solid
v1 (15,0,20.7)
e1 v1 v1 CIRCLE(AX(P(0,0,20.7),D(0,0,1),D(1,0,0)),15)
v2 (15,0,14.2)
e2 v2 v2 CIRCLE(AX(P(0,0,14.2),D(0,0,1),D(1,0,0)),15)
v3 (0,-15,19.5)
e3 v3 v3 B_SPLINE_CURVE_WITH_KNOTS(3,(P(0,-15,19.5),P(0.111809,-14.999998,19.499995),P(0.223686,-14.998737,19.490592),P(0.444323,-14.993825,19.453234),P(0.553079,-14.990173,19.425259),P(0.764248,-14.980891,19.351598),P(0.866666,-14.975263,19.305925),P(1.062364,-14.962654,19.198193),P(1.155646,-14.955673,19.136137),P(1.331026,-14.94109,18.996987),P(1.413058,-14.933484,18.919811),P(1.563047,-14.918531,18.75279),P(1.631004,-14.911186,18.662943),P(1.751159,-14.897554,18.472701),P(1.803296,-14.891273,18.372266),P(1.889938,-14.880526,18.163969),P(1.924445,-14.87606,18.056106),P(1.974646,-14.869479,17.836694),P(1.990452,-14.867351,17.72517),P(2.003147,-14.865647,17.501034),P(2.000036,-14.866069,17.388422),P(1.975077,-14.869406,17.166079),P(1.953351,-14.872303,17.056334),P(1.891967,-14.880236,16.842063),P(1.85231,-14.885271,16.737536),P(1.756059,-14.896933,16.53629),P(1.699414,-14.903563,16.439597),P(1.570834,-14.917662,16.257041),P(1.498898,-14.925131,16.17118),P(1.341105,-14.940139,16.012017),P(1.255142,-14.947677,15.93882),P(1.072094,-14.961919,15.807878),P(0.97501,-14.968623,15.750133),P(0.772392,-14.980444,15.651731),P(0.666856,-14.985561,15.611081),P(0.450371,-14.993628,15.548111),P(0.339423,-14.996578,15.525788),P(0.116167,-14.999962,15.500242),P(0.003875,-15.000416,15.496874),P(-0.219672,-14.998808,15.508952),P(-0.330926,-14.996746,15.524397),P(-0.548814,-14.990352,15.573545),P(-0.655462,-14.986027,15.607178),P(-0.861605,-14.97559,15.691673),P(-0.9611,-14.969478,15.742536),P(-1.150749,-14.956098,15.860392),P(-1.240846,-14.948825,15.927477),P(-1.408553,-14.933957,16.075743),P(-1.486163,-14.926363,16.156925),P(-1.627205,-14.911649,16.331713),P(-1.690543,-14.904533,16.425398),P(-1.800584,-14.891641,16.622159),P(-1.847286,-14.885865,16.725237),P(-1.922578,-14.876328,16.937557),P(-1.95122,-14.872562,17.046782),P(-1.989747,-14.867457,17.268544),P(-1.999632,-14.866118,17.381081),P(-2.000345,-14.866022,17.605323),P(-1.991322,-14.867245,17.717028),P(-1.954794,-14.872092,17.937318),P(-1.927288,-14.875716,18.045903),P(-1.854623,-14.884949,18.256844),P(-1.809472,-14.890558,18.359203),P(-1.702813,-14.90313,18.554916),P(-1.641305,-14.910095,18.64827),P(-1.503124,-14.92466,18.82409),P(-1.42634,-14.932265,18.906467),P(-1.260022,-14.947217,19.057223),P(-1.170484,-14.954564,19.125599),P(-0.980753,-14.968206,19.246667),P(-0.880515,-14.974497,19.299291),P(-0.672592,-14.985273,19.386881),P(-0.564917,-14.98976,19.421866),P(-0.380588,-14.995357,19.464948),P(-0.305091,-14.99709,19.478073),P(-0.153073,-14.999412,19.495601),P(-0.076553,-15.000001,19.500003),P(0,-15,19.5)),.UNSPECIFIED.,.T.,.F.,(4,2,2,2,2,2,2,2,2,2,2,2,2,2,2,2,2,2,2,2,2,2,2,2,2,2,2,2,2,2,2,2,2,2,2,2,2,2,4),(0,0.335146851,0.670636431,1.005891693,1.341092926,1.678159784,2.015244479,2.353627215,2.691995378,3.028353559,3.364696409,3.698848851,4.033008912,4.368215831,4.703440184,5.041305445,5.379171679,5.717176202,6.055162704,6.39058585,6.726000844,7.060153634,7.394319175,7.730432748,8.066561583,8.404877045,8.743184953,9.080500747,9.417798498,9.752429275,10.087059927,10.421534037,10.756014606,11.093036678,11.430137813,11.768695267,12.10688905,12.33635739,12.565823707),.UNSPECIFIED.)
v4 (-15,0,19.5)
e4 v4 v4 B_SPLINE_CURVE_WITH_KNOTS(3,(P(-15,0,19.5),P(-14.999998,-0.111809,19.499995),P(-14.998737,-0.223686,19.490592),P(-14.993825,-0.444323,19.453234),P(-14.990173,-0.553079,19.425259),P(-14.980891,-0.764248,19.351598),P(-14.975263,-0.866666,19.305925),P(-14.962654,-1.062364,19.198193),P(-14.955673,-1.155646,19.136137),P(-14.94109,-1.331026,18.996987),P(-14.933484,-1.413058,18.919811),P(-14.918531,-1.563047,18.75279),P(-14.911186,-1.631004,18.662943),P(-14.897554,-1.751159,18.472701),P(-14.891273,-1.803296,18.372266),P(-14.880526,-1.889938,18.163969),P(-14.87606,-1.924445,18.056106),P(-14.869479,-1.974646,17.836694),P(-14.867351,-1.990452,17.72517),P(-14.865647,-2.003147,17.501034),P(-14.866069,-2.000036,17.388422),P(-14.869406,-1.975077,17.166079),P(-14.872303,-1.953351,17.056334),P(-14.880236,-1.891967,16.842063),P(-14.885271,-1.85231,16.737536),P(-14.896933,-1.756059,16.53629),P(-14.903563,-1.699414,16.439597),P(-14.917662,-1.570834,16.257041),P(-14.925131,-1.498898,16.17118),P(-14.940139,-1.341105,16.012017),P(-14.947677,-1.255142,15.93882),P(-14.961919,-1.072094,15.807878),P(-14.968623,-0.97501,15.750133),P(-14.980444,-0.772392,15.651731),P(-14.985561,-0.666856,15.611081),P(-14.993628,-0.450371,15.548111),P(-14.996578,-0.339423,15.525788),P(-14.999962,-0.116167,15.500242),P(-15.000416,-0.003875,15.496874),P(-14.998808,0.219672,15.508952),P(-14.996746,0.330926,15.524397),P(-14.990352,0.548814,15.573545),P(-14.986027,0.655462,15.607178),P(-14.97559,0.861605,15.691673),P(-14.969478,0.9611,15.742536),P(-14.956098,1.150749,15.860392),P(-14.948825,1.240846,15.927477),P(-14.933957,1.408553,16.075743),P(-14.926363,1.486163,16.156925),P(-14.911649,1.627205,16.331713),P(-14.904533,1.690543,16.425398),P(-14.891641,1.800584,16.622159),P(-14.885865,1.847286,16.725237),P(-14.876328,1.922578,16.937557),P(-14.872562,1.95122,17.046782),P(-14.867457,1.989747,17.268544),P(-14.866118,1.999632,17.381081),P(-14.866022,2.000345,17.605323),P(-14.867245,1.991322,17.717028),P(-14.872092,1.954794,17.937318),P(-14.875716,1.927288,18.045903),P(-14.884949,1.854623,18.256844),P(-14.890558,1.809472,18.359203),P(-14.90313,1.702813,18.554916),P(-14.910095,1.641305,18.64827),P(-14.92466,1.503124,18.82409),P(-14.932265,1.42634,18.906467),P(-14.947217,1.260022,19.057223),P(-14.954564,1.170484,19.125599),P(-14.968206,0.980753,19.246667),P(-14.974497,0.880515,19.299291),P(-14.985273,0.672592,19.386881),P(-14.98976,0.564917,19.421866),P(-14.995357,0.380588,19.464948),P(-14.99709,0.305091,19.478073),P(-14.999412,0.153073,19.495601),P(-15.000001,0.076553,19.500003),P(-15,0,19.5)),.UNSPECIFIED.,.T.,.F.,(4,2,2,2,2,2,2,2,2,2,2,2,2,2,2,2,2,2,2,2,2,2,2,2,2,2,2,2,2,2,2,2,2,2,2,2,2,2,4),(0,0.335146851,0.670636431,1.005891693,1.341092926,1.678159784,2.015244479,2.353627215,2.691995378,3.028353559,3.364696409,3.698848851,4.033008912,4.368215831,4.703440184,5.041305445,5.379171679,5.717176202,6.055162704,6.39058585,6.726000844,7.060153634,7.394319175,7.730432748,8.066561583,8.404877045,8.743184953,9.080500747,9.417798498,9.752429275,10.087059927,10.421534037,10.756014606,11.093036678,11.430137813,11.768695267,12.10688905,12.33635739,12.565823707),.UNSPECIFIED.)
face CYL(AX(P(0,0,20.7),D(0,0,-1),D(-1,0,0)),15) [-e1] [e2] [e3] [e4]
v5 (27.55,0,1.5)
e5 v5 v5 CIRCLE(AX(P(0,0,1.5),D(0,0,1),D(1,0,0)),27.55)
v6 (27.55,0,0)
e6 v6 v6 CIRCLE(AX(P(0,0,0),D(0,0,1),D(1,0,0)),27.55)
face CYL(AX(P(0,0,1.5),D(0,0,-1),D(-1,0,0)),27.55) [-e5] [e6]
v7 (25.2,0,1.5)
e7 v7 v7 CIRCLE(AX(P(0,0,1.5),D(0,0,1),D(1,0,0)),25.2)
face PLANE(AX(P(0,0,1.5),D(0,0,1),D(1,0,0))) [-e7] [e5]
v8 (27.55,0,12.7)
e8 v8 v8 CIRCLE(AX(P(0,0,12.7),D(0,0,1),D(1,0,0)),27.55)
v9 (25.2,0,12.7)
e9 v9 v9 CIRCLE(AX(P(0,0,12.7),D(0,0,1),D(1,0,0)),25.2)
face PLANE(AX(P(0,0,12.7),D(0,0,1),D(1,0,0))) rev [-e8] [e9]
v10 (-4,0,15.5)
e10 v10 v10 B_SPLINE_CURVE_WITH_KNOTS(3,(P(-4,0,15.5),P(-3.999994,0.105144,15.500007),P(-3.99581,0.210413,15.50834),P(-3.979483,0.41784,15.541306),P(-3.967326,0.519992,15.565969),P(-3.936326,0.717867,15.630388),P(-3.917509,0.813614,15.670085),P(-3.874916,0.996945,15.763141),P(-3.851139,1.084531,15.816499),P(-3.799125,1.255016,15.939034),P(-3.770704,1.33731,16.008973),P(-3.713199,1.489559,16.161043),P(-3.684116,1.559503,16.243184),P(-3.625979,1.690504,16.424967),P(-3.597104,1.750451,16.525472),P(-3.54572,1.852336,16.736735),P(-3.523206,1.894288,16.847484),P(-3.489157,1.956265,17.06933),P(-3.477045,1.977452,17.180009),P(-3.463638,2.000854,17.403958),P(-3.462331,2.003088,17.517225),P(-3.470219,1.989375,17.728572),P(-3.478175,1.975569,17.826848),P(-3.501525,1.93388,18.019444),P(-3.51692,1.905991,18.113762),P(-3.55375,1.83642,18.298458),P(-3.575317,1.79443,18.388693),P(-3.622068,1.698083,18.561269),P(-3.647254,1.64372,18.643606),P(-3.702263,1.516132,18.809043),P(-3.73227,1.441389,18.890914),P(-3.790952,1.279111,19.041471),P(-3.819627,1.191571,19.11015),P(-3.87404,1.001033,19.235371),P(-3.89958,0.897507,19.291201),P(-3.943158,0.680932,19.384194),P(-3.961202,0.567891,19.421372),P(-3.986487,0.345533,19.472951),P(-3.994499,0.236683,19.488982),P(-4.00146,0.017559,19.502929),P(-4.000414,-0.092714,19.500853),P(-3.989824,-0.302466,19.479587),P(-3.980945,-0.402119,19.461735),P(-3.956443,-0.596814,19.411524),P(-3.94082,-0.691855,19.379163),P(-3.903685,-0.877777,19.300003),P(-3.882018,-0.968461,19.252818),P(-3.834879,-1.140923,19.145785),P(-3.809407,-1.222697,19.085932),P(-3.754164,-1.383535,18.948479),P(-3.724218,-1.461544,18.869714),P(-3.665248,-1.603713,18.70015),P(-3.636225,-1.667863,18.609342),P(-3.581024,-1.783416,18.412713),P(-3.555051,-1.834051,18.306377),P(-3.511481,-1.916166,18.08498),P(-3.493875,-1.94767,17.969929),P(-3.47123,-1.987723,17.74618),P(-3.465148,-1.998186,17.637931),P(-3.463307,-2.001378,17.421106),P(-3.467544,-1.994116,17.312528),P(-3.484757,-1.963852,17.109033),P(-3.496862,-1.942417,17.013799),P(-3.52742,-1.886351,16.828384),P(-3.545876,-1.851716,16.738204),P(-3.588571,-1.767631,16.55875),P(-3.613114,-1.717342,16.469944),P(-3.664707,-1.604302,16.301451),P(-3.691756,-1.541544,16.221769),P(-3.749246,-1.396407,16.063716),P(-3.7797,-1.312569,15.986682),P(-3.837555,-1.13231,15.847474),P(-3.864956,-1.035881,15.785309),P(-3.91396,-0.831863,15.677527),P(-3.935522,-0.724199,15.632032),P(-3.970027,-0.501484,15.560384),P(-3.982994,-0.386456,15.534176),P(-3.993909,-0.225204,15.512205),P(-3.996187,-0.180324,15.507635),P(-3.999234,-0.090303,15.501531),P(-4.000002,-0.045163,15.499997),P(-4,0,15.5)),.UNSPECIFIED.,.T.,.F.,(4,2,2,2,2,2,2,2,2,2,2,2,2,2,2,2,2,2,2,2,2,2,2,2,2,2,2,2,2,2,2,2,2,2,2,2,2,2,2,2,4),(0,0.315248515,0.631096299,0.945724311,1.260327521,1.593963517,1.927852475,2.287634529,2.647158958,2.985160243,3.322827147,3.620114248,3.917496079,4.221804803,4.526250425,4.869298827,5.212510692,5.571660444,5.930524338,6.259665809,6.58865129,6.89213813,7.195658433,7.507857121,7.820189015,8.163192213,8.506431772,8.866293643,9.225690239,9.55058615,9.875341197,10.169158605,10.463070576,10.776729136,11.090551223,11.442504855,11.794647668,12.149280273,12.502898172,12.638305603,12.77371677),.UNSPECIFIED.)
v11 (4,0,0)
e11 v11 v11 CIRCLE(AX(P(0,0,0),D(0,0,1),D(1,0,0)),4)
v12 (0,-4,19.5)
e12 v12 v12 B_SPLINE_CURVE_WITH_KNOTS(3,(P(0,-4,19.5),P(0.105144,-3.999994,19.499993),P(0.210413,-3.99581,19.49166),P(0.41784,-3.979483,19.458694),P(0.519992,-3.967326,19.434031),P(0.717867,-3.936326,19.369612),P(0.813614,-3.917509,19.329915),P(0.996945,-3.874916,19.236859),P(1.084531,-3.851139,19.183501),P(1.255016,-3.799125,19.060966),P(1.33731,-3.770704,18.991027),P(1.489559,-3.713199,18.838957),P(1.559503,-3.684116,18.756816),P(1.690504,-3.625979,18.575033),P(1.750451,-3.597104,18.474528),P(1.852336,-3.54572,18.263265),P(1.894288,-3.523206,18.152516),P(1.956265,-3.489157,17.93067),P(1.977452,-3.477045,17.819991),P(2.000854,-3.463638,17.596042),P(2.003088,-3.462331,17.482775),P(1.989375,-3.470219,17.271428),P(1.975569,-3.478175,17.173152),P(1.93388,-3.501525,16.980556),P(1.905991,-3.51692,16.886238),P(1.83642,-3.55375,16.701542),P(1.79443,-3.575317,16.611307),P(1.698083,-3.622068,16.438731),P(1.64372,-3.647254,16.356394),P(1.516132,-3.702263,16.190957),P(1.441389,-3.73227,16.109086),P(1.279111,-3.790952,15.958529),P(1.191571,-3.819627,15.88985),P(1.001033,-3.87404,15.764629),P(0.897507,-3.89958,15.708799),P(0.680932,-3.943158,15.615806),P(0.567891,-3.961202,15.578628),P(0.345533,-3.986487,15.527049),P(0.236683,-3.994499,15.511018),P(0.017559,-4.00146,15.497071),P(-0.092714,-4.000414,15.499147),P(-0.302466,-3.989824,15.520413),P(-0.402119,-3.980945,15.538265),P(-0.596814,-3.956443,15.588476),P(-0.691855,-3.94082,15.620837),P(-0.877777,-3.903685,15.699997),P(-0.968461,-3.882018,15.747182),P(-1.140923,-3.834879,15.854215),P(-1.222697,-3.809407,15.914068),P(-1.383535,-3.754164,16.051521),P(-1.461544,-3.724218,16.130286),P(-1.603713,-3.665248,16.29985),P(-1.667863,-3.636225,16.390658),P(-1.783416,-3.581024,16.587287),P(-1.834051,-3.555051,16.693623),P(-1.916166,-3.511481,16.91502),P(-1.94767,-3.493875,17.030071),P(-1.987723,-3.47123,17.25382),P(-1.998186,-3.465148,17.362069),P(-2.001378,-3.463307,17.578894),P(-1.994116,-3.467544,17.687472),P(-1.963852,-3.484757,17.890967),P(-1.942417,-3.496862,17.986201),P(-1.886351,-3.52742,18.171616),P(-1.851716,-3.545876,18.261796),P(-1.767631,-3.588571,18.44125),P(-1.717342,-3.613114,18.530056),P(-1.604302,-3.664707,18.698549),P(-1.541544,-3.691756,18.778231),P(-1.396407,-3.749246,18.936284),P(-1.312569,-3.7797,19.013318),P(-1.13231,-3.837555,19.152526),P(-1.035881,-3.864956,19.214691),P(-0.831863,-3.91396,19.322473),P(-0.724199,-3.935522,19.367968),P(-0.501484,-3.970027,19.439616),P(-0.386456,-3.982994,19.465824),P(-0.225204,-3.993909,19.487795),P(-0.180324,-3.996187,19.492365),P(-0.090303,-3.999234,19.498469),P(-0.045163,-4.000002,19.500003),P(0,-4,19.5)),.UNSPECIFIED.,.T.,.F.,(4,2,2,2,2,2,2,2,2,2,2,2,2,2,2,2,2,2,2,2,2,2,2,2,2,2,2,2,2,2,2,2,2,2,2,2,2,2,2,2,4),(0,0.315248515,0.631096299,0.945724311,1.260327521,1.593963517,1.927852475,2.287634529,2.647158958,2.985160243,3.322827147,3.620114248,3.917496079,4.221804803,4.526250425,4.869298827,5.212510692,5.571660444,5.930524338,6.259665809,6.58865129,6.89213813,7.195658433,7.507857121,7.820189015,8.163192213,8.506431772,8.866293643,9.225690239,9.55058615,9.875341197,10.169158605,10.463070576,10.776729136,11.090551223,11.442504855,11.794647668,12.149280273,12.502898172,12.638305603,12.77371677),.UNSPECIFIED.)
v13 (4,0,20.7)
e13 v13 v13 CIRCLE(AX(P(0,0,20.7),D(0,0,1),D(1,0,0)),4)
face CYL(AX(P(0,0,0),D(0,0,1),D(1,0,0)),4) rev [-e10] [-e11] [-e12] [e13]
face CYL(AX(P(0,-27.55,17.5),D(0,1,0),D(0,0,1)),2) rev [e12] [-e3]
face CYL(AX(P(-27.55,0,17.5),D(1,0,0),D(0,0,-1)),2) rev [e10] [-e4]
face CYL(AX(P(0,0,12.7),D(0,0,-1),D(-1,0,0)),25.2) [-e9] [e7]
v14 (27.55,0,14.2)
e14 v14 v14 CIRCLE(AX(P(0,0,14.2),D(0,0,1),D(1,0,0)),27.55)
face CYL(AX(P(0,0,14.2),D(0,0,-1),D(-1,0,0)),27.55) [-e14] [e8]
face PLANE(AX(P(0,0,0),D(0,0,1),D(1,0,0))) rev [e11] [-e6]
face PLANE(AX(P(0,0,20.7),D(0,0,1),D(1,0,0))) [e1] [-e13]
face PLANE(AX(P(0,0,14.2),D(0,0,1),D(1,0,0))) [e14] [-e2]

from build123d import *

# Parameters (mm, degrees)
CROQUIS1_R              = 27.55
SALIENTE_EXTRUIR1_DEPTH = 1.5
CROQUIS2_R              = 25.2
SALIENTE_EXTRUIR2_DEPTH = 11.2
CROQUIS3_R              = 27.55
SALIENTE_EXTRUIR3_DEPTH = 1.5
CROQUIS8_R              = 15
SALIENTE_EXTRUIR5_DEPTH = 6.5
CROQUIS6_R              = 2
CORTAR_EXTRUIR3_DEPTH   = 45.119100172
CROQUIS5_R              = 2
CORTAR_EXTRUIR2_DEPTH   = 45.119100219
CROQUIS4_R              = 4
CORTAR_EXTRUIR1_DEPTH   = 45.119100172


with BuildPart() as part:
    # Croquis1 → Saliente-Extruir1 (new body)
    with BuildSketch(Plane.XY):
        Circle(CROQUIS1_R)
    extrude(amount=SALIENTE_EXTRUIR1_DEPTH)

    # Croquis2 → Saliente-Extruir2 (add)
    with BuildSketch(Plane.XY.offset(1.5)):
        Circle(CROQUIS2_R)
    extrude(amount=SALIENTE_EXTRUIR2_DEPTH)

    # Croquis3 → Saliente-Extruir3 (add)
    with BuildSketch(Plane.XY.offset(12.7)):
        Circle(CROQUIS3_R)
    extrude(amount=SALIENTE_EXTRUIR3_DEPTH)

    # Croquis8 → Saliente-Extruir5 (add)
    with BuildSketch(Plane.XY.offset(14.2)):
        with Locations(Location((0, 0, 0), (0, 0, 180))):
            Circle(CROQUIS8_R)
    extrude(amount=SALIENTE_EXTRUIR5_DEPTH)

    # Croquis6 → Cortar-Extruir3 (cut, through all)
    with BuildSketch(Plane(origin=(0, 0, 0), x_dir=(1, 0, 0), z_dir=(0, 1, 0))):
        with Locations(Location((0, -17.5, 0), (0, 0, 270))):
            Circle(CROQUIS6_R)
    extrude(amount=-CORTAR_EXTRUIR3_DEPTH, mode=Mode.SUBTRACT)

    # Croquis5 → Cortar-Extruir2 (cut, through all)
    with BuildSketch(Plane(origin=(0, 0, 0), x_dir=(0, 0, -1), z_dir=(1, 0, 0))):
        with Locations(Location((-17.5, 0, 0), (0, 0, 180))):
            Circle(CROQUIS5_R)
    extrude(amount=-CORTAR_EXTRUIR2_DEPTH, mode=Mode.SUBTRACT)

    # Croquis4 → Cortar-Extruir1 (cut, through all)
    with BuildSketch(Plane.XY.offset(20.7)):
        Circle(CROQUIS4_R)
    extrude(amount=-CORTAR_EXTRUIR1_DEPTH, mode=Mode.SUBTRACT)


solid = part.part
